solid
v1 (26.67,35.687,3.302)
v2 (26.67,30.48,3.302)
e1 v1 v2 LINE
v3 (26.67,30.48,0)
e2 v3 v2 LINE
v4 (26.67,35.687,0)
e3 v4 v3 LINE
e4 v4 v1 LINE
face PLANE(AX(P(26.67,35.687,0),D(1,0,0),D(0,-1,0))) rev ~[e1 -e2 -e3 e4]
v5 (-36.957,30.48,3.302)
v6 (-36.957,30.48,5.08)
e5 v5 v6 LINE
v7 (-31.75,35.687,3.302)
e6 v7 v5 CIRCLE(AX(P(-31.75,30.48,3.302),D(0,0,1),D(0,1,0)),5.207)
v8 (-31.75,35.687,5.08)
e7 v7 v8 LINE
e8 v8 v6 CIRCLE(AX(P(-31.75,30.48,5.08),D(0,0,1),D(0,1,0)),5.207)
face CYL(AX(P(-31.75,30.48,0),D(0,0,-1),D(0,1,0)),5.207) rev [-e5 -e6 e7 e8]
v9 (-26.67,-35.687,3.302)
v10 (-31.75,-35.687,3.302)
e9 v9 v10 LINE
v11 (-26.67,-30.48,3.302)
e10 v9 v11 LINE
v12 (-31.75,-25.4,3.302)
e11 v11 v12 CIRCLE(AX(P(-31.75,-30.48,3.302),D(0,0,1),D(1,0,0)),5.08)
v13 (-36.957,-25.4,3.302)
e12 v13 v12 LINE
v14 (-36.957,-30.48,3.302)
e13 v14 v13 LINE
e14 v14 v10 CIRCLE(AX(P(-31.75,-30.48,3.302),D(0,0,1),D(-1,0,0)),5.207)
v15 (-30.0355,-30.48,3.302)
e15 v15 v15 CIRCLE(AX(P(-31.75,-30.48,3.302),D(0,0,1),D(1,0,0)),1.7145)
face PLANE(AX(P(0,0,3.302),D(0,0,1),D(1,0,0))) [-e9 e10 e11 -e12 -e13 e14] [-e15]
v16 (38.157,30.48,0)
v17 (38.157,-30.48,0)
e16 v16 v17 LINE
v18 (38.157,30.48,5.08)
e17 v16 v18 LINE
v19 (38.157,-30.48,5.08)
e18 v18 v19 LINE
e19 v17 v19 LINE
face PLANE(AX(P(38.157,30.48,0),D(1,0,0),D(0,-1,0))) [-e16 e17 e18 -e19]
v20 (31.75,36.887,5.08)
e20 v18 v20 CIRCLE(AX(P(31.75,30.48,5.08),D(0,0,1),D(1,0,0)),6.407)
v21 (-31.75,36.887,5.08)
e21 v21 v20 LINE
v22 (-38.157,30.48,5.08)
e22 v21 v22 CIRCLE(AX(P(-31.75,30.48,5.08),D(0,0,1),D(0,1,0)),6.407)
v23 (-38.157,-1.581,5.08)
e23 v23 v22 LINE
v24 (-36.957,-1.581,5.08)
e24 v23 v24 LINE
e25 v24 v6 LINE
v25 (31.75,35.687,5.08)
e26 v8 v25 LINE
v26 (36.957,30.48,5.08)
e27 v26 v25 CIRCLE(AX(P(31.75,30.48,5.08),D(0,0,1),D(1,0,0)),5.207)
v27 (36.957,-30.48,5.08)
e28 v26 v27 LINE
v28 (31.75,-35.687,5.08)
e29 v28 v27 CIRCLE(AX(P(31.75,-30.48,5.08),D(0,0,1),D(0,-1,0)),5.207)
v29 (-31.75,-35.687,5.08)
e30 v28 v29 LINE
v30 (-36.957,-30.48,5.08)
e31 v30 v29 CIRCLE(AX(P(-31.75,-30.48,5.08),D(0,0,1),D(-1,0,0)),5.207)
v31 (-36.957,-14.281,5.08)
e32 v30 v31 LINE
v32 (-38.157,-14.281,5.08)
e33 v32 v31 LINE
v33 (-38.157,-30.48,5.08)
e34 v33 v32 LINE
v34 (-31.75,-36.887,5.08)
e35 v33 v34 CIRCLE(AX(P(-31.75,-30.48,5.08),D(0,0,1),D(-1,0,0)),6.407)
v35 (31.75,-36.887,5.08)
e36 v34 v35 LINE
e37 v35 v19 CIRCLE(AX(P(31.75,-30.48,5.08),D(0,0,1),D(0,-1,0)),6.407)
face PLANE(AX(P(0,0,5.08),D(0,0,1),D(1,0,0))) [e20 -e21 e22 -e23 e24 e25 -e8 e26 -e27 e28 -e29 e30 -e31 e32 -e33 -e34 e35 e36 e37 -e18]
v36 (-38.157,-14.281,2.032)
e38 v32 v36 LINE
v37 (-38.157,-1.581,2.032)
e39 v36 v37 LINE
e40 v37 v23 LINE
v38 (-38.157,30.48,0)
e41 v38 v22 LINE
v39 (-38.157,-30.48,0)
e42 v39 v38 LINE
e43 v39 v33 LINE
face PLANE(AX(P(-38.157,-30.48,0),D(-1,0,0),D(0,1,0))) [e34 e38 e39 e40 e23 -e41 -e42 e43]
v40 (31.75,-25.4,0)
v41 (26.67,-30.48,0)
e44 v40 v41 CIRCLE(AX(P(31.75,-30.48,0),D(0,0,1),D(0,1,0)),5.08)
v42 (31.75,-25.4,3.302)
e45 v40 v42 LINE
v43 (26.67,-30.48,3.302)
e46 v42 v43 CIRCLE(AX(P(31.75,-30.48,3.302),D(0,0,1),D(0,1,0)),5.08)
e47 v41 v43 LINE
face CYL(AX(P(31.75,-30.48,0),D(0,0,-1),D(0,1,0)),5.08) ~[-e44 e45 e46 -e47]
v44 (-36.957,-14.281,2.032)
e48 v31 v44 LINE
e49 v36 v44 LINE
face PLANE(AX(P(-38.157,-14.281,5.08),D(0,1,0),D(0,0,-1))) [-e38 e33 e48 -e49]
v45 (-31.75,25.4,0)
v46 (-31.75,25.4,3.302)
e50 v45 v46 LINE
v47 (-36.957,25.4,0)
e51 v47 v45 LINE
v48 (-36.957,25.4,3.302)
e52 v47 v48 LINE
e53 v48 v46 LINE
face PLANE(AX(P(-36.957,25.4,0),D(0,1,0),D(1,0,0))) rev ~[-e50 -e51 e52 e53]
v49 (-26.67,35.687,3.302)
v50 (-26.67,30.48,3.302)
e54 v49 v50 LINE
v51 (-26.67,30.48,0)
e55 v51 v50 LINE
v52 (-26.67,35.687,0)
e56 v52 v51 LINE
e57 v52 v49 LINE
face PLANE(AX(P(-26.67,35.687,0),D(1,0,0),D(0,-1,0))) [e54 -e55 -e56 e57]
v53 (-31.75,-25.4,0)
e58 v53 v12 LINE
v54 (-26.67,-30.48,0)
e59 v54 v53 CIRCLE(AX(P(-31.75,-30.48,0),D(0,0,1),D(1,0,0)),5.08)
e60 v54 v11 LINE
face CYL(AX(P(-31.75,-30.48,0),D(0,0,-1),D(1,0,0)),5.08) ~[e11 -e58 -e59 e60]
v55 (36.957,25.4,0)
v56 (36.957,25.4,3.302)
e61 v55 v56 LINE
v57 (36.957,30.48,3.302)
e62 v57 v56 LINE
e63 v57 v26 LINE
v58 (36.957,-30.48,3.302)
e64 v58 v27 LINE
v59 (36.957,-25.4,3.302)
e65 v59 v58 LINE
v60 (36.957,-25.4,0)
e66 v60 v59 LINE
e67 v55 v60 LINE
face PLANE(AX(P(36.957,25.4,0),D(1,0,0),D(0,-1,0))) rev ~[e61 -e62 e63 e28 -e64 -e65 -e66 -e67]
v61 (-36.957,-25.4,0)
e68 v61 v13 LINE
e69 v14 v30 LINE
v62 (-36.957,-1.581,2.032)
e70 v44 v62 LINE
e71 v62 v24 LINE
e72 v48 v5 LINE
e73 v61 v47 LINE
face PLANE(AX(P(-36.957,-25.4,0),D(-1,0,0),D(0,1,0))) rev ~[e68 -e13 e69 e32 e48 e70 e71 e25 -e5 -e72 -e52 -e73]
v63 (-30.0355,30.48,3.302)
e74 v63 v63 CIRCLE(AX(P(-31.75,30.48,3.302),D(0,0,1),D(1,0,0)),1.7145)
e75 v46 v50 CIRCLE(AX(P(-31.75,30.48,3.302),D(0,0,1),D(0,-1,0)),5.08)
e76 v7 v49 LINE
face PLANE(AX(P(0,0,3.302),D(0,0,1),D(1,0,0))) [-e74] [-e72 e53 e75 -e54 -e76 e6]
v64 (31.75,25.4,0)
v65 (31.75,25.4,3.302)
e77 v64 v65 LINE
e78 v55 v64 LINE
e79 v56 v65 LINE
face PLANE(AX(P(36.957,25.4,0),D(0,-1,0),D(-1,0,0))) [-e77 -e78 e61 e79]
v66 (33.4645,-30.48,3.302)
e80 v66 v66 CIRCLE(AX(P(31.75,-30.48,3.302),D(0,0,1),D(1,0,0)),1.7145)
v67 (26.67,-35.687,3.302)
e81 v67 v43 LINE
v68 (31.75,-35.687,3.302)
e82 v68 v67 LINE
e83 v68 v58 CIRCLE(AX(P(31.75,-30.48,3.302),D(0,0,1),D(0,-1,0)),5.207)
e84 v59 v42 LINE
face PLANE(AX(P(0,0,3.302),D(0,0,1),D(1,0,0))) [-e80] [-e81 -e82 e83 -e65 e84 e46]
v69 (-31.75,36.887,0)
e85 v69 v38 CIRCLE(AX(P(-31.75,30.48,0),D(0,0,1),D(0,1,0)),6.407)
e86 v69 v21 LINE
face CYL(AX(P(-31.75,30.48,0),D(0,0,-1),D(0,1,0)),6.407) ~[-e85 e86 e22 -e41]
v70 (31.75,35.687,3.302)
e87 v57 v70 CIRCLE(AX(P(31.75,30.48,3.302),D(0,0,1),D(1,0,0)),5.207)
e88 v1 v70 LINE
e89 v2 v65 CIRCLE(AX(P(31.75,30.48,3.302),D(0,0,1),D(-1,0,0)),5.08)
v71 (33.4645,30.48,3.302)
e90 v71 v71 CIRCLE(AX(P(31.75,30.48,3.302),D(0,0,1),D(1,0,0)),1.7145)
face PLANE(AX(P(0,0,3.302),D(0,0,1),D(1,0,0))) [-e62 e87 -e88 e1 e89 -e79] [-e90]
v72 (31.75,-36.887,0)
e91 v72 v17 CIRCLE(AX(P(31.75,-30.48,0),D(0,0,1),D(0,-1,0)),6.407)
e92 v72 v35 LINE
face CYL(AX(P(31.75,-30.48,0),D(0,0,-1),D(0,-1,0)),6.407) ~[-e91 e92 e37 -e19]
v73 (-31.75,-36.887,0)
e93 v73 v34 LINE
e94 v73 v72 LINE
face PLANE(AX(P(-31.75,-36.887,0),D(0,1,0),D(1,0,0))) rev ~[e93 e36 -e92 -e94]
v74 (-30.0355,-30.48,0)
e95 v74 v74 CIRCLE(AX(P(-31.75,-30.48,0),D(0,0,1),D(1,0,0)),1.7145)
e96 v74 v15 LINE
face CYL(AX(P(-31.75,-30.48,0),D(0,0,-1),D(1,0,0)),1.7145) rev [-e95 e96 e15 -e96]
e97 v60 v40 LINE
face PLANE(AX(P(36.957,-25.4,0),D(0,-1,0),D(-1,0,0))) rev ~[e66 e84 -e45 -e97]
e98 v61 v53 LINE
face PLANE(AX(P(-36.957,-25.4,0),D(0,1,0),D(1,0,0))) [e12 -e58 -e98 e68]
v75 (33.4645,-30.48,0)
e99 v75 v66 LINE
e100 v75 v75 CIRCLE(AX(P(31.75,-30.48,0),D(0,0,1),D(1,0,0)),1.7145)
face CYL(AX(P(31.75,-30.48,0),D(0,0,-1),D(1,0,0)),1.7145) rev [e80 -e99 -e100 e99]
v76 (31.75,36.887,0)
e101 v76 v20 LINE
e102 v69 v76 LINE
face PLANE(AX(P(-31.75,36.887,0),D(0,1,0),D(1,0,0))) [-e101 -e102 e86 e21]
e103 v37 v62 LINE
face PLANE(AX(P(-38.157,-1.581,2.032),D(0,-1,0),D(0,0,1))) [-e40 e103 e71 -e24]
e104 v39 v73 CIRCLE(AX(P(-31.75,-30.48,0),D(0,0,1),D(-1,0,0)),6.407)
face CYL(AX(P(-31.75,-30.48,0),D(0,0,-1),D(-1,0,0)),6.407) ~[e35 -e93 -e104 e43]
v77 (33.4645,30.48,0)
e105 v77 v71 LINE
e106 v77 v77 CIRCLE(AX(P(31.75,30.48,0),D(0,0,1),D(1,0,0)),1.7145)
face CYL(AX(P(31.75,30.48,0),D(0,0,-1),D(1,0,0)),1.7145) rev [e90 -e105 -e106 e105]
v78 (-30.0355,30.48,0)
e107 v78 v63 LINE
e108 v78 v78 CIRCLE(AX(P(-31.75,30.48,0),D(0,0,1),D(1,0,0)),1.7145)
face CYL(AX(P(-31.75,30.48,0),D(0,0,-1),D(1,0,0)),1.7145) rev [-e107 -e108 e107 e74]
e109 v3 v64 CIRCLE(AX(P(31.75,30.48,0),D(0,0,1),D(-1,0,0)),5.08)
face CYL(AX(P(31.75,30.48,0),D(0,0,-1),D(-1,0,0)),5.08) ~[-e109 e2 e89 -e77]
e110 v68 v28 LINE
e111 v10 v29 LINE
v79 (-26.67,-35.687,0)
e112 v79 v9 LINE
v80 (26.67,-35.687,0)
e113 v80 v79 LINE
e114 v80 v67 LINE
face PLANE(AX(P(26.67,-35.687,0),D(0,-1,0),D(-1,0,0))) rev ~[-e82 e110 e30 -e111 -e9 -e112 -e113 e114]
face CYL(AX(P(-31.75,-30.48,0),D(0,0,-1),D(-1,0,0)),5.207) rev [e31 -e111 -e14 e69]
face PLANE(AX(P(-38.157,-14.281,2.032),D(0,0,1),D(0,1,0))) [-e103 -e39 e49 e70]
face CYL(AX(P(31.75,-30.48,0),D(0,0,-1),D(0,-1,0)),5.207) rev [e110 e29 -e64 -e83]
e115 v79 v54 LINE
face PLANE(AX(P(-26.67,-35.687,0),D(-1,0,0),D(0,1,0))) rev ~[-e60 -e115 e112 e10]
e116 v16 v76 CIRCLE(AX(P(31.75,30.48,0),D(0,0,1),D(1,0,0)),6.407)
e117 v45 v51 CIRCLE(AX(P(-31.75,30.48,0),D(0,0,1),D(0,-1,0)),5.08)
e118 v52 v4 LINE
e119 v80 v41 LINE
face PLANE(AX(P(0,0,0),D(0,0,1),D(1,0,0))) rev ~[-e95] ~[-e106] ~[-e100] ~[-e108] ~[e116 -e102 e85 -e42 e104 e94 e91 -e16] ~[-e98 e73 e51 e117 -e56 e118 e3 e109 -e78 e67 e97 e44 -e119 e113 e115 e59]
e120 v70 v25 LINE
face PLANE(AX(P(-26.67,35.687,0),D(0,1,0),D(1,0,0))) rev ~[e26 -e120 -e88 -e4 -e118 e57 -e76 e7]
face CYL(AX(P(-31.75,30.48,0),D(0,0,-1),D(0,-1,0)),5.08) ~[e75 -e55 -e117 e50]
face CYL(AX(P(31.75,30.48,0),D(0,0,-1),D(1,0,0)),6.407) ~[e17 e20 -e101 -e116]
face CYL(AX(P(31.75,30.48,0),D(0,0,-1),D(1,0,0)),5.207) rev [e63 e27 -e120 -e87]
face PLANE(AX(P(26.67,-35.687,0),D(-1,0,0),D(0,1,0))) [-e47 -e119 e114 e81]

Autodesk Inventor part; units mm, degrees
ref_plane "YZ Plane" through (0, 0, 0) normal (1, 0, 0) x (0, 1, 0)
ref_plane "XZ Plane" through (0, 0, 0) normal (0, 1, 0) x (-1, 0, 0)
ref_plane "XY Plane" through (0, 0, 0) normal (0, 0, 1) x (1, 0, 0)
sketch "Sketch1" plane through (0, 0, 0) normal (0, 0, 1) x (1, 0, 0)
  line L0 (36.83, -35.56) -> (-36.83, -35.56) construction
  line L1 (-36.83, -35.56) -> (-36.83, 35.56) construction
  line L2 (-36.83, 35.56) -> (36.83, 35.56) construction
  line L3 (36.83, 35.56) -> (36.83, -35.56) construction
  line L4 (36.83, -35.56) -> (-36.83, 35.56) construction
  line L5 (-36.83, -35.56) -> (36.83, 35.56) construction
  arc A0 (-31.75, 35.56) -> (-36.83, 30.48) centre (-31.75, 30.48) ccw construction
  arc A1 (36.83, 30.48) -> (31.75, 35.56) centre (31.75, 30.48) ccw construction
  arc A2 (-36.83, -30.48) -> (-31.75, -35.56) centre (-31.75, -30.48) ccw construction
  arc A3 (31.75, -35.56) -> (36.83, -30.48) centre (31.75, -30.48) ccw construction
  line L6 (31.75, -35.687) -> (-31.75, -35.687)
  line L7 (-36.957, -30.48) -> (-36.957, 30.48)
  line L8 (-31.75, 35.687) -> (31.75, 35.687)
  line L9 (36.957, 30.48) -> (36.957, -30.48)
  line L10 (36.957, -35.687) -> (-36.957, 35.687) construction
  line L11 (-36.957, -35.687) -> (36.957, 35.687) construction
  arc A4 (36.957, 30.48) -> (31.75, 35.687) centre (31.75, 30.48) ccw
  arc A5 (-31.75, 35.687) -> (-36.957, 30.48) centre (-31.75, 30.48) ccw
  arc A6 (-36.957, -30.48) -> (-31.75, -35.687) centre (-31.75, -30.48) ccw
  arc A7 (31.75, -35.687) -> (36.957, -30.48) centre (31.75, -30.48) ccw
  line L12 (-31.75, 36.887) -> (31.75, 36.887)
  line L13 (38.157, 30.48) -> (38.157, -30.48)
  line L14 (-31.75, -36.887) -> (31.75, -36.887)
  line L15 (-38.157, -30.48) -> (-38.157, 30.48)
  arc A8 (-31.75, 36.887) -> (-38.157, 30.48) centre (-31.75, 30.48) ccw
  arc A9 (38.157, 30.48) -> (31.75, 36.887) centre (31.75, 30.48) ccw
  arc A10 (31.75, -36.887) -> (38.157, -30.48) centre (31.75, -30.48) ccw
  arc A11 (-38.157, -30.48) -> (-31.75, -36.887) centre (-31.75, -30.48) ccw
  line L16 (-36.957, 25.4) -> (-31.75, 25.4)
  line L17 (-26.67, 35.687) -> (-26.67, 30.48)
  arc A12 (-31.75, 25.4) -> (-26.67, 30.48) centre (-31.75, 30.48) ccw
  circle A13 centre (-31.75, 30.48) radius 1.7145
  line L18 (0, 0) -> (78.9567, 0) construction
  line L19 (0, 0) -> (0, 57.9461) construction
  line L20 (36.957, 25.4) -> (31.75, 25.4)
  line L21 (26.67, 35.687) -> (26.67, 30.48)
  arc A14 (26.67, 30.48) -> (31.75, 25.4) centre (31.75, 30.48) ccw
  circle A15 centre (31.75, 30.48) radius 1.7145
  line L22 (-36.957, -25.4) -> (-31.75, -25.4)
  line L23 (-26.67, -35.687) -> (-26.67, -30.48)
  arc A16 (-26.67, -30.48) -> (-31.75, -25.4) centre (-31.75, -30.48) ccw
  circle A17 centre (-31.75, -30.48) radius 1.7145
  line L24 (36.957, -25.4) -> (31.75, -25.4)
  arc A18 (31.75, -25.4) -> (26.67, -30.48) centre (31.75, -30.48) ccw
  line L25 (26.67, -35.687) -> (26.67, -30.48)
  circle A19 centre (31.75, -30.48) radius 1.7145
  dimension "d0" = 73.66
  dimension "d1" = 71.12
  dimension "d2" = 5.08
  dimension "d4" = 0.127
  dimension "d5" = 0.127
  dimension "d7" = 1.2
  dimension "d12" = 10.16
  dimension "d13" = 10.16
  dimension "d14" = 3.429
  dimension "d22" = 1.2
extrude "Extrusion1" add sketch "Sketch1" along normal blind 5.08 contours L12 A9 L13 A10 L14 A11 L15 A8
extrude "Extrusion2" add sketch "Sketch1" along normal blind 3.302 contours L6 L25 A18 L24 L9 A7 | L6 A6 L7 L22 A16 L23 | L20 A14 L21 L8 A4 L9 | L7 A5 L8 L17 A12 L16
sketch "Sketch2" plane through (-38.157, -30.48, 0) normal (-1, 0, 0) x (0, 0, 1)
  line L0 (0, 0) -> (0, -6.407) projected
  line L1 (0, -6.407) -> (5.08, -6.407) projected
  line L2 (5.08, 0) -> (5.08, -6.407) projected
  line L3 (0, 0) -> (5.08, 0) projected
  line L4 (0, 60.96) -> (0, 0) projected
  line L5 (0, 0) -> (5.08, 0) projected
  line L6 (5.08, 60.96) -> (5.08, 0) projected
  line L7 (0, 60.96) -> (5.08, 60.96) projected
  line L8 (0, 67.367) -> (0, 60.96) projected
  line L9 (0, 60.96) -> (5.08, 60.96) projected
  line L10 (5.08, 67.367) -> (5.08, 60.96) projected
  line L11 (0, 67.367) -> (5.08, 67.367) projected
  line L12 (-16.8443, 22.549) -> (26.7617, 22.549) construction
  line L13 (5.08, 0) -> (5.08, 60.96) construction
  line L14 (2.032, 28.899) -> (5.08, 28.899)
  line L15 (5.08, 28.899) -> (5.08, 16.199) construction
  line L16 (5.08, 16.199) -> (2.032, 16.199)
  line L17 (2.032, 16.199) -> (2.032, 28.899)
  line L18 (2.032, 28.899) -> (5.08, 16.199) construction
  line L19 (5.08, 28.899) -> (2.032, 16.199) construction
  point P0 (0, 30.48)
  point P1 (3.556, 22.549)
  dimension "d17" = 28.956
  dimension "d18" = 12.7
  dimension "d19" = 3.048
extrude "Extrusion3" cut sketch "Sketch2" against normal blind 2.54 contours L16 L17 L14 L6
properties part number "bumper"
